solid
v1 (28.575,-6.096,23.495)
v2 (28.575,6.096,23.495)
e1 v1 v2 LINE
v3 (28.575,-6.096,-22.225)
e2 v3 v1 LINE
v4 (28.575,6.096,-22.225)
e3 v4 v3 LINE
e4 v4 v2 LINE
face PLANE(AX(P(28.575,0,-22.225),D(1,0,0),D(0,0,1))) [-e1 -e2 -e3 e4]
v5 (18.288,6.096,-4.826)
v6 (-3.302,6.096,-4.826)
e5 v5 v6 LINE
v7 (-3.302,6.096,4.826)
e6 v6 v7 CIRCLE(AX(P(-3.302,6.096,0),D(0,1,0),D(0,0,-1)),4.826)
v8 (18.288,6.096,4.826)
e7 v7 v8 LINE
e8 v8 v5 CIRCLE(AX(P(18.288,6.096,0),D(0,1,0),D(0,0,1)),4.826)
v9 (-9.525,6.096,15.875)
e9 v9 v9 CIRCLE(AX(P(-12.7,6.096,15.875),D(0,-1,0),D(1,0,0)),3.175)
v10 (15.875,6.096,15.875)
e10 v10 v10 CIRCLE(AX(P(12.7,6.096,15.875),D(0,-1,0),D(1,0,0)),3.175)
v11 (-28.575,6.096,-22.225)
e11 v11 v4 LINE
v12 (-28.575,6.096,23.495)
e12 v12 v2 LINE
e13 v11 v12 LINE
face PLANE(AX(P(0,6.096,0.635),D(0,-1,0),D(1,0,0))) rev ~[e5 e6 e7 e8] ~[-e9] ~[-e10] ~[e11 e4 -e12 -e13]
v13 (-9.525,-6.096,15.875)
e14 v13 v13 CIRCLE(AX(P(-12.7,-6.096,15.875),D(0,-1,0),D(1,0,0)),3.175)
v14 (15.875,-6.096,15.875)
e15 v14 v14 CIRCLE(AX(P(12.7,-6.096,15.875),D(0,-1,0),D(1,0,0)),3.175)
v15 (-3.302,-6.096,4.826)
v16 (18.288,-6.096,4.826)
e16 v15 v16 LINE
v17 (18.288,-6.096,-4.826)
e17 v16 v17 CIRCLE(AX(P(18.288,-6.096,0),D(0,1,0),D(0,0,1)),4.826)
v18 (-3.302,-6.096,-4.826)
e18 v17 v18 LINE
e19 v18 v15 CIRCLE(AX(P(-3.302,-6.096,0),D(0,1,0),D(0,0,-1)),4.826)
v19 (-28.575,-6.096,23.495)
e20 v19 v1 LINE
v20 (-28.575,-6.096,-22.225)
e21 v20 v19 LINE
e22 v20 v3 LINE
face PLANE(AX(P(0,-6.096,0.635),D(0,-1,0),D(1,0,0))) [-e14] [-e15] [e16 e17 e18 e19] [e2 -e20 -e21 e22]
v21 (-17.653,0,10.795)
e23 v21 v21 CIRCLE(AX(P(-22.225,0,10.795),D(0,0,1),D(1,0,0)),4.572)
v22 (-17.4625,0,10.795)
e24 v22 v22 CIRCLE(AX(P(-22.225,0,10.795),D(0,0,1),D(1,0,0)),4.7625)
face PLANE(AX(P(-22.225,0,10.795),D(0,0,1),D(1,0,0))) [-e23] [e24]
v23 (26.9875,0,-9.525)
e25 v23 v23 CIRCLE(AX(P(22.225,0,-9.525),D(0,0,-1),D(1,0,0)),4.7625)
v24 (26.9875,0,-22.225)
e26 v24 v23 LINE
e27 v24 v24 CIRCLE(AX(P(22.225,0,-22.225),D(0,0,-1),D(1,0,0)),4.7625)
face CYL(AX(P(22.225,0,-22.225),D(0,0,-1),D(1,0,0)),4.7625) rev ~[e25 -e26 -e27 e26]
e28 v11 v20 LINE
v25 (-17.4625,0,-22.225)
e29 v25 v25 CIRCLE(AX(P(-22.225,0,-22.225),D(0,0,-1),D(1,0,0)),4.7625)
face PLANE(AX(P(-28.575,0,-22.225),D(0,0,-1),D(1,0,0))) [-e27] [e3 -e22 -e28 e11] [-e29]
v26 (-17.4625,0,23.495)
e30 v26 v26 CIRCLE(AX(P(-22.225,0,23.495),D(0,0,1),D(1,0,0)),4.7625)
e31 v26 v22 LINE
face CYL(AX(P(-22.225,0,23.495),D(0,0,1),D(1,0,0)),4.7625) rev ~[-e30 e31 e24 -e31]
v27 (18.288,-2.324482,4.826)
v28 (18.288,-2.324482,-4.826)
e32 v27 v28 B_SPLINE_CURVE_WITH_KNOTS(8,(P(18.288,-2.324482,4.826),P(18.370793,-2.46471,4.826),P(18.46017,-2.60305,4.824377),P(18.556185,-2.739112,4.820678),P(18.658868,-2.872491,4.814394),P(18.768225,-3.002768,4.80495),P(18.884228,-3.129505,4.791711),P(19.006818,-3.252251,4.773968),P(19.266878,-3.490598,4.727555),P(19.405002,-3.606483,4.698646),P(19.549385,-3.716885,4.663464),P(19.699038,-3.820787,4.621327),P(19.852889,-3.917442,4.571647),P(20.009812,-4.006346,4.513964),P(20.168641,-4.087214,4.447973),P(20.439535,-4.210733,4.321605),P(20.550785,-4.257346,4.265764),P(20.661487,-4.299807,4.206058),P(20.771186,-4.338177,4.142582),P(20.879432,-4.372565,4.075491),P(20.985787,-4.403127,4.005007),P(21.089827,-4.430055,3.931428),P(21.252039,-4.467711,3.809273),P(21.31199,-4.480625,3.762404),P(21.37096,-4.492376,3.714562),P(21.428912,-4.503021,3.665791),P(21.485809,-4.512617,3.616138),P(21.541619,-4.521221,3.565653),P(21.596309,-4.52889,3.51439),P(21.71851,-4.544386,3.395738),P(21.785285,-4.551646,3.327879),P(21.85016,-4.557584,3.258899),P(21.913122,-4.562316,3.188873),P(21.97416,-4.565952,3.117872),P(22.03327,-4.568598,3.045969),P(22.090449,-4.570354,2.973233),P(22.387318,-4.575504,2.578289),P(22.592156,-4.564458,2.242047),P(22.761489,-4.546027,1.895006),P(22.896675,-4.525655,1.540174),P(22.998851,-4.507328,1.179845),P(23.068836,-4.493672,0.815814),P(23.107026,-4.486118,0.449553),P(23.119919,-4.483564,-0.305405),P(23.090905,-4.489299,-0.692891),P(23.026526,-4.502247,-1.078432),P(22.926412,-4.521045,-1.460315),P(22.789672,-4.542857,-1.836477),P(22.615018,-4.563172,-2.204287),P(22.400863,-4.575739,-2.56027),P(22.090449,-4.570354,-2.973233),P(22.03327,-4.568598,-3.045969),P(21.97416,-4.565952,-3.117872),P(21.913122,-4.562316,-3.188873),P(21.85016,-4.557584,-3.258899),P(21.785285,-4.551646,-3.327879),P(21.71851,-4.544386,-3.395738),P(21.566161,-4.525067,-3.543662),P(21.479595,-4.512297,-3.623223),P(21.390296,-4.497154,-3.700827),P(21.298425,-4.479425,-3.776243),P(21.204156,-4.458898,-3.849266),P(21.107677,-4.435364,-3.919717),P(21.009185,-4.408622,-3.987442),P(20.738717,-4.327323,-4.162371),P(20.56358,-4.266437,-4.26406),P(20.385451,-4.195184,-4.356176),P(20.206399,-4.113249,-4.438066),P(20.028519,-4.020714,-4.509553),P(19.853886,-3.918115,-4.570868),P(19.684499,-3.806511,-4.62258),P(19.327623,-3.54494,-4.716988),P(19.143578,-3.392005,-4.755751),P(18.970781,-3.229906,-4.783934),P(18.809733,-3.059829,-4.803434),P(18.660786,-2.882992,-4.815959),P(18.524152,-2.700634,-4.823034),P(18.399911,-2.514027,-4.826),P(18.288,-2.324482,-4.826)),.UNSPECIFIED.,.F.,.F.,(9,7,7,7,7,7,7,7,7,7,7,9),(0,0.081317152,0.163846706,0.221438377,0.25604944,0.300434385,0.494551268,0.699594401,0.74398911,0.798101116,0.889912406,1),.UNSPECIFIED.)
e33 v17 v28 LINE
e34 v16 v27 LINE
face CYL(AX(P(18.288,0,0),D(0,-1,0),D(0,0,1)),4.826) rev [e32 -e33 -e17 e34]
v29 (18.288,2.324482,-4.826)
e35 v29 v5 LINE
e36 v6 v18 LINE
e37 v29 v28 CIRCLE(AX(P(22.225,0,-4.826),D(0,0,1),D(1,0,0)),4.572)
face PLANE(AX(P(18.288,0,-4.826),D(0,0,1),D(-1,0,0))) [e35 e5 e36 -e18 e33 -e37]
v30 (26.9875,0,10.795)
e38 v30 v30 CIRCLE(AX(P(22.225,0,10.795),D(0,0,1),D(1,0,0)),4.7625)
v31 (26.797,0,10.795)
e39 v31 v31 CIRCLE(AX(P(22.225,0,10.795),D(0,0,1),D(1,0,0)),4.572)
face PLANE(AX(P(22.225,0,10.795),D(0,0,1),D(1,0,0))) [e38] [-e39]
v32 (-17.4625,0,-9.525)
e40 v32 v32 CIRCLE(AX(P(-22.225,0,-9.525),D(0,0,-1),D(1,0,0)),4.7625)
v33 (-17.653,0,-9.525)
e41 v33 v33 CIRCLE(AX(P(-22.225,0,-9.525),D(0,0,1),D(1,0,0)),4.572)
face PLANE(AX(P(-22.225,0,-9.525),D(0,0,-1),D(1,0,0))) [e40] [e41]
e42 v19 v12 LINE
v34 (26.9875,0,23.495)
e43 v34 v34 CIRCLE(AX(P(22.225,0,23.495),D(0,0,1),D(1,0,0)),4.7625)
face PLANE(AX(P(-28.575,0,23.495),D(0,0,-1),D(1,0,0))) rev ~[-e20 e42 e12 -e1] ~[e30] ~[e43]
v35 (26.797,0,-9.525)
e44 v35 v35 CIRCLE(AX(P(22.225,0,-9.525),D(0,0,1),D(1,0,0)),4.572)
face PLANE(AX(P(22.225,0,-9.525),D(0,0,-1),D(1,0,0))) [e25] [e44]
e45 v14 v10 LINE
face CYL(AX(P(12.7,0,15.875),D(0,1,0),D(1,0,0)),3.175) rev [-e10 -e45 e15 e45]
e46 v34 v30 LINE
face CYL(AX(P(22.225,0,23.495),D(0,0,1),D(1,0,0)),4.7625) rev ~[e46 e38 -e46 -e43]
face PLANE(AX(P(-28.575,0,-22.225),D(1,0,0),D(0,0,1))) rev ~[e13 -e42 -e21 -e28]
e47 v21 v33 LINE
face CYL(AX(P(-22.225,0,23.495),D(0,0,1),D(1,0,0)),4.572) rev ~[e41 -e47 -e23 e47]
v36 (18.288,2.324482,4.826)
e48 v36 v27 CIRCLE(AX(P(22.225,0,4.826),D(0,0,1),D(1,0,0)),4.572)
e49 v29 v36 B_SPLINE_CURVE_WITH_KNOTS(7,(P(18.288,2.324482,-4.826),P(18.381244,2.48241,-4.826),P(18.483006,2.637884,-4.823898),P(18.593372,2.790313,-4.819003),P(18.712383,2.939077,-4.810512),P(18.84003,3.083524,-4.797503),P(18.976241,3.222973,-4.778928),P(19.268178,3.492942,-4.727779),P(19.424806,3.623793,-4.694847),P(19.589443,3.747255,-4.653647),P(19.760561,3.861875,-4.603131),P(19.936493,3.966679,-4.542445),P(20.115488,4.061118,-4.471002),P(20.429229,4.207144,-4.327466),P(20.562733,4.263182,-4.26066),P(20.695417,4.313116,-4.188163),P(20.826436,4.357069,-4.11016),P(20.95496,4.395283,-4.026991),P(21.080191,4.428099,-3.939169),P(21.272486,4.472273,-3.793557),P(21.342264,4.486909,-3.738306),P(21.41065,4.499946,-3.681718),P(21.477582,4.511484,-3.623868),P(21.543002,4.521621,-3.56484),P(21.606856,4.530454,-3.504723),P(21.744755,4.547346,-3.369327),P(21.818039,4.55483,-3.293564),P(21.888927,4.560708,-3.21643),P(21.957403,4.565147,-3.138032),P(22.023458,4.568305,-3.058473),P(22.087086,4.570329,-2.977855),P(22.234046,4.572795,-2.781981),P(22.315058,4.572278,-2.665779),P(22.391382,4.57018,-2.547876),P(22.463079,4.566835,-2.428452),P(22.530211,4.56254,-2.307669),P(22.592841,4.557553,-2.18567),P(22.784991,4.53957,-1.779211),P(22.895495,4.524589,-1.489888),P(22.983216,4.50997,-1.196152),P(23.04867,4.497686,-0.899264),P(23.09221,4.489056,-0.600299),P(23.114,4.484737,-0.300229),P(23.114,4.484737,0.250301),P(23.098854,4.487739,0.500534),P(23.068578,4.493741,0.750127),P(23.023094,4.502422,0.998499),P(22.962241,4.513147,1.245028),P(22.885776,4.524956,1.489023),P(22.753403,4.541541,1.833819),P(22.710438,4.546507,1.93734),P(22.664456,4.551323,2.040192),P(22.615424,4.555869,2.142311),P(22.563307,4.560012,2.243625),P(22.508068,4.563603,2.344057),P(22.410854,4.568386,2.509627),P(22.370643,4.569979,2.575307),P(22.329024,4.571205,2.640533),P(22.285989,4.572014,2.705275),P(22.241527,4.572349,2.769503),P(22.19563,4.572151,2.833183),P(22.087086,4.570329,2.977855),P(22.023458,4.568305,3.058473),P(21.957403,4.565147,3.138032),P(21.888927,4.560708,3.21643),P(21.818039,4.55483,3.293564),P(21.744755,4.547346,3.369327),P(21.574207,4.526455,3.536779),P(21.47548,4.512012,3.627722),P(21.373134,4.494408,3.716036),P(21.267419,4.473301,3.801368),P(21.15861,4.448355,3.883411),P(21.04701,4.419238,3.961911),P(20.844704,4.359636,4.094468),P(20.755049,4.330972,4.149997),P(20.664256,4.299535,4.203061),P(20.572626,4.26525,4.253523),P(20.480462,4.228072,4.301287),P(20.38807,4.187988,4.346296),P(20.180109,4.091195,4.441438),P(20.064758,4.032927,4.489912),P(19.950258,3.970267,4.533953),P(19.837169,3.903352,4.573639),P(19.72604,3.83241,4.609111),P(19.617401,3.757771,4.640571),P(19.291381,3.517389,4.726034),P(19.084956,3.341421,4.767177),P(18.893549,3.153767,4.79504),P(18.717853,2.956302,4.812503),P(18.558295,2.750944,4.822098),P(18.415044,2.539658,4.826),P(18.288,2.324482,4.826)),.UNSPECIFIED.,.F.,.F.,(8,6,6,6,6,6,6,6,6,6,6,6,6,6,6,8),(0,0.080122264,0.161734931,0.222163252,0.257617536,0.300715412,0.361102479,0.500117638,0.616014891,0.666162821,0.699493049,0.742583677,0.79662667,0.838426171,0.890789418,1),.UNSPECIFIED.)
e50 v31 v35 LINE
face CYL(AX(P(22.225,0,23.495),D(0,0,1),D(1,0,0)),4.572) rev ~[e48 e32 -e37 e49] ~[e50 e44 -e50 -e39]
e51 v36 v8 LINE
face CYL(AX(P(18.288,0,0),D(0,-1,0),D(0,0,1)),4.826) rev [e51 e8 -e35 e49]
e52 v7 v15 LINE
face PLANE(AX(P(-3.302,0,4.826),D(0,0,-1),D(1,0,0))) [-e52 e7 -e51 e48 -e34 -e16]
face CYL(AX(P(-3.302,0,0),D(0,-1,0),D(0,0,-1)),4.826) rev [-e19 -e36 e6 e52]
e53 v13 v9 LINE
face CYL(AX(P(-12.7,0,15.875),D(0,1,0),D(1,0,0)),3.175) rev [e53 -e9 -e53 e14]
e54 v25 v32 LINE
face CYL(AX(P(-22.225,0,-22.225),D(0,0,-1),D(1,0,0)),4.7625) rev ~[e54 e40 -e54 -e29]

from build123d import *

# Parameters (mm, degrees)
F0_W     = 57.15
F0_H     = 45.72
F0_R     = 3.175
F1_DEPTH = 6.096
F2_R     = 4.572
F3_DEPTH = 45.721
F4_R     = 4.7625
F5_DEPTH = 12.7
F6_R     = 4.7625
F7_DEPTH = 12.7


with BuildPart() as f1:
    # F0 (on Front) → F1 (new body, symmetric)
    with BuildSketch(Plane.XZ):
        with Locations((0, 0.635)):
            Rectangle(F0_W, F0_H)
        with BuildLine():
            ThreePointArc((-3.302, -4.826), (-8.128, 0), (-3.302, 4.826))
            Line((-3.302, 4.826), (18.288, 4.826))
            ThreePointArc((18.288, 4.826), (23.114, 0), (18.288, -4.826))
            Line((18.288, -4.826), (-3.302, -4.826))
        make_face(mode=Mode.SUBTRACT)
        with Locations((-12.7, 15.875)):
            Circle(F0_R, mode=Mode.SUBTRACT)
        with Locations((12.7, 15.875)):
            Circle(F0_R, mode=Mode.SUBTRACT)
    extrude(amount=F1_DEPTH, both=True)

    # F2 (on face) → F3 (cut, through all)
    with BuildSketch(Plane.XY.offset(23.495)):
        with Locations((-22.225, 0)):
            Circle(F2_R)
        with Locations((22.225, 0)):
            Circle(F2_R)
    extrude(amount=-F3_DEPTH, mode=Mode.SUBTRACT)

    # F4 (on face) → F5 (cut)
    with BuildSketch(Plane.XY.offset(23.495)):
        with Locations((-22.225, 0)):
            Circle(F4_R)
        with Locations((22.225, 0)):
            Circle(F4_R)
    extrude(amount=-F5_DEPTH, mode=Mode.SUBTRACT)

    # F6 (on face) → F7 (cut)
    with BuildSketch(Plane(origin=(0, 0, -22.225), x_dir=(1, 0, 0), z_dir=(0, 0, -1))):
        with Locations((22.225, 0)):
            Circle(F6_R)
        with Locations((-22.225, 0)):
            Circle(F6_R)
    extrude(amount=-F7_DEPTH, mode=Mode.SUBTRACT)


solid = f1.part
